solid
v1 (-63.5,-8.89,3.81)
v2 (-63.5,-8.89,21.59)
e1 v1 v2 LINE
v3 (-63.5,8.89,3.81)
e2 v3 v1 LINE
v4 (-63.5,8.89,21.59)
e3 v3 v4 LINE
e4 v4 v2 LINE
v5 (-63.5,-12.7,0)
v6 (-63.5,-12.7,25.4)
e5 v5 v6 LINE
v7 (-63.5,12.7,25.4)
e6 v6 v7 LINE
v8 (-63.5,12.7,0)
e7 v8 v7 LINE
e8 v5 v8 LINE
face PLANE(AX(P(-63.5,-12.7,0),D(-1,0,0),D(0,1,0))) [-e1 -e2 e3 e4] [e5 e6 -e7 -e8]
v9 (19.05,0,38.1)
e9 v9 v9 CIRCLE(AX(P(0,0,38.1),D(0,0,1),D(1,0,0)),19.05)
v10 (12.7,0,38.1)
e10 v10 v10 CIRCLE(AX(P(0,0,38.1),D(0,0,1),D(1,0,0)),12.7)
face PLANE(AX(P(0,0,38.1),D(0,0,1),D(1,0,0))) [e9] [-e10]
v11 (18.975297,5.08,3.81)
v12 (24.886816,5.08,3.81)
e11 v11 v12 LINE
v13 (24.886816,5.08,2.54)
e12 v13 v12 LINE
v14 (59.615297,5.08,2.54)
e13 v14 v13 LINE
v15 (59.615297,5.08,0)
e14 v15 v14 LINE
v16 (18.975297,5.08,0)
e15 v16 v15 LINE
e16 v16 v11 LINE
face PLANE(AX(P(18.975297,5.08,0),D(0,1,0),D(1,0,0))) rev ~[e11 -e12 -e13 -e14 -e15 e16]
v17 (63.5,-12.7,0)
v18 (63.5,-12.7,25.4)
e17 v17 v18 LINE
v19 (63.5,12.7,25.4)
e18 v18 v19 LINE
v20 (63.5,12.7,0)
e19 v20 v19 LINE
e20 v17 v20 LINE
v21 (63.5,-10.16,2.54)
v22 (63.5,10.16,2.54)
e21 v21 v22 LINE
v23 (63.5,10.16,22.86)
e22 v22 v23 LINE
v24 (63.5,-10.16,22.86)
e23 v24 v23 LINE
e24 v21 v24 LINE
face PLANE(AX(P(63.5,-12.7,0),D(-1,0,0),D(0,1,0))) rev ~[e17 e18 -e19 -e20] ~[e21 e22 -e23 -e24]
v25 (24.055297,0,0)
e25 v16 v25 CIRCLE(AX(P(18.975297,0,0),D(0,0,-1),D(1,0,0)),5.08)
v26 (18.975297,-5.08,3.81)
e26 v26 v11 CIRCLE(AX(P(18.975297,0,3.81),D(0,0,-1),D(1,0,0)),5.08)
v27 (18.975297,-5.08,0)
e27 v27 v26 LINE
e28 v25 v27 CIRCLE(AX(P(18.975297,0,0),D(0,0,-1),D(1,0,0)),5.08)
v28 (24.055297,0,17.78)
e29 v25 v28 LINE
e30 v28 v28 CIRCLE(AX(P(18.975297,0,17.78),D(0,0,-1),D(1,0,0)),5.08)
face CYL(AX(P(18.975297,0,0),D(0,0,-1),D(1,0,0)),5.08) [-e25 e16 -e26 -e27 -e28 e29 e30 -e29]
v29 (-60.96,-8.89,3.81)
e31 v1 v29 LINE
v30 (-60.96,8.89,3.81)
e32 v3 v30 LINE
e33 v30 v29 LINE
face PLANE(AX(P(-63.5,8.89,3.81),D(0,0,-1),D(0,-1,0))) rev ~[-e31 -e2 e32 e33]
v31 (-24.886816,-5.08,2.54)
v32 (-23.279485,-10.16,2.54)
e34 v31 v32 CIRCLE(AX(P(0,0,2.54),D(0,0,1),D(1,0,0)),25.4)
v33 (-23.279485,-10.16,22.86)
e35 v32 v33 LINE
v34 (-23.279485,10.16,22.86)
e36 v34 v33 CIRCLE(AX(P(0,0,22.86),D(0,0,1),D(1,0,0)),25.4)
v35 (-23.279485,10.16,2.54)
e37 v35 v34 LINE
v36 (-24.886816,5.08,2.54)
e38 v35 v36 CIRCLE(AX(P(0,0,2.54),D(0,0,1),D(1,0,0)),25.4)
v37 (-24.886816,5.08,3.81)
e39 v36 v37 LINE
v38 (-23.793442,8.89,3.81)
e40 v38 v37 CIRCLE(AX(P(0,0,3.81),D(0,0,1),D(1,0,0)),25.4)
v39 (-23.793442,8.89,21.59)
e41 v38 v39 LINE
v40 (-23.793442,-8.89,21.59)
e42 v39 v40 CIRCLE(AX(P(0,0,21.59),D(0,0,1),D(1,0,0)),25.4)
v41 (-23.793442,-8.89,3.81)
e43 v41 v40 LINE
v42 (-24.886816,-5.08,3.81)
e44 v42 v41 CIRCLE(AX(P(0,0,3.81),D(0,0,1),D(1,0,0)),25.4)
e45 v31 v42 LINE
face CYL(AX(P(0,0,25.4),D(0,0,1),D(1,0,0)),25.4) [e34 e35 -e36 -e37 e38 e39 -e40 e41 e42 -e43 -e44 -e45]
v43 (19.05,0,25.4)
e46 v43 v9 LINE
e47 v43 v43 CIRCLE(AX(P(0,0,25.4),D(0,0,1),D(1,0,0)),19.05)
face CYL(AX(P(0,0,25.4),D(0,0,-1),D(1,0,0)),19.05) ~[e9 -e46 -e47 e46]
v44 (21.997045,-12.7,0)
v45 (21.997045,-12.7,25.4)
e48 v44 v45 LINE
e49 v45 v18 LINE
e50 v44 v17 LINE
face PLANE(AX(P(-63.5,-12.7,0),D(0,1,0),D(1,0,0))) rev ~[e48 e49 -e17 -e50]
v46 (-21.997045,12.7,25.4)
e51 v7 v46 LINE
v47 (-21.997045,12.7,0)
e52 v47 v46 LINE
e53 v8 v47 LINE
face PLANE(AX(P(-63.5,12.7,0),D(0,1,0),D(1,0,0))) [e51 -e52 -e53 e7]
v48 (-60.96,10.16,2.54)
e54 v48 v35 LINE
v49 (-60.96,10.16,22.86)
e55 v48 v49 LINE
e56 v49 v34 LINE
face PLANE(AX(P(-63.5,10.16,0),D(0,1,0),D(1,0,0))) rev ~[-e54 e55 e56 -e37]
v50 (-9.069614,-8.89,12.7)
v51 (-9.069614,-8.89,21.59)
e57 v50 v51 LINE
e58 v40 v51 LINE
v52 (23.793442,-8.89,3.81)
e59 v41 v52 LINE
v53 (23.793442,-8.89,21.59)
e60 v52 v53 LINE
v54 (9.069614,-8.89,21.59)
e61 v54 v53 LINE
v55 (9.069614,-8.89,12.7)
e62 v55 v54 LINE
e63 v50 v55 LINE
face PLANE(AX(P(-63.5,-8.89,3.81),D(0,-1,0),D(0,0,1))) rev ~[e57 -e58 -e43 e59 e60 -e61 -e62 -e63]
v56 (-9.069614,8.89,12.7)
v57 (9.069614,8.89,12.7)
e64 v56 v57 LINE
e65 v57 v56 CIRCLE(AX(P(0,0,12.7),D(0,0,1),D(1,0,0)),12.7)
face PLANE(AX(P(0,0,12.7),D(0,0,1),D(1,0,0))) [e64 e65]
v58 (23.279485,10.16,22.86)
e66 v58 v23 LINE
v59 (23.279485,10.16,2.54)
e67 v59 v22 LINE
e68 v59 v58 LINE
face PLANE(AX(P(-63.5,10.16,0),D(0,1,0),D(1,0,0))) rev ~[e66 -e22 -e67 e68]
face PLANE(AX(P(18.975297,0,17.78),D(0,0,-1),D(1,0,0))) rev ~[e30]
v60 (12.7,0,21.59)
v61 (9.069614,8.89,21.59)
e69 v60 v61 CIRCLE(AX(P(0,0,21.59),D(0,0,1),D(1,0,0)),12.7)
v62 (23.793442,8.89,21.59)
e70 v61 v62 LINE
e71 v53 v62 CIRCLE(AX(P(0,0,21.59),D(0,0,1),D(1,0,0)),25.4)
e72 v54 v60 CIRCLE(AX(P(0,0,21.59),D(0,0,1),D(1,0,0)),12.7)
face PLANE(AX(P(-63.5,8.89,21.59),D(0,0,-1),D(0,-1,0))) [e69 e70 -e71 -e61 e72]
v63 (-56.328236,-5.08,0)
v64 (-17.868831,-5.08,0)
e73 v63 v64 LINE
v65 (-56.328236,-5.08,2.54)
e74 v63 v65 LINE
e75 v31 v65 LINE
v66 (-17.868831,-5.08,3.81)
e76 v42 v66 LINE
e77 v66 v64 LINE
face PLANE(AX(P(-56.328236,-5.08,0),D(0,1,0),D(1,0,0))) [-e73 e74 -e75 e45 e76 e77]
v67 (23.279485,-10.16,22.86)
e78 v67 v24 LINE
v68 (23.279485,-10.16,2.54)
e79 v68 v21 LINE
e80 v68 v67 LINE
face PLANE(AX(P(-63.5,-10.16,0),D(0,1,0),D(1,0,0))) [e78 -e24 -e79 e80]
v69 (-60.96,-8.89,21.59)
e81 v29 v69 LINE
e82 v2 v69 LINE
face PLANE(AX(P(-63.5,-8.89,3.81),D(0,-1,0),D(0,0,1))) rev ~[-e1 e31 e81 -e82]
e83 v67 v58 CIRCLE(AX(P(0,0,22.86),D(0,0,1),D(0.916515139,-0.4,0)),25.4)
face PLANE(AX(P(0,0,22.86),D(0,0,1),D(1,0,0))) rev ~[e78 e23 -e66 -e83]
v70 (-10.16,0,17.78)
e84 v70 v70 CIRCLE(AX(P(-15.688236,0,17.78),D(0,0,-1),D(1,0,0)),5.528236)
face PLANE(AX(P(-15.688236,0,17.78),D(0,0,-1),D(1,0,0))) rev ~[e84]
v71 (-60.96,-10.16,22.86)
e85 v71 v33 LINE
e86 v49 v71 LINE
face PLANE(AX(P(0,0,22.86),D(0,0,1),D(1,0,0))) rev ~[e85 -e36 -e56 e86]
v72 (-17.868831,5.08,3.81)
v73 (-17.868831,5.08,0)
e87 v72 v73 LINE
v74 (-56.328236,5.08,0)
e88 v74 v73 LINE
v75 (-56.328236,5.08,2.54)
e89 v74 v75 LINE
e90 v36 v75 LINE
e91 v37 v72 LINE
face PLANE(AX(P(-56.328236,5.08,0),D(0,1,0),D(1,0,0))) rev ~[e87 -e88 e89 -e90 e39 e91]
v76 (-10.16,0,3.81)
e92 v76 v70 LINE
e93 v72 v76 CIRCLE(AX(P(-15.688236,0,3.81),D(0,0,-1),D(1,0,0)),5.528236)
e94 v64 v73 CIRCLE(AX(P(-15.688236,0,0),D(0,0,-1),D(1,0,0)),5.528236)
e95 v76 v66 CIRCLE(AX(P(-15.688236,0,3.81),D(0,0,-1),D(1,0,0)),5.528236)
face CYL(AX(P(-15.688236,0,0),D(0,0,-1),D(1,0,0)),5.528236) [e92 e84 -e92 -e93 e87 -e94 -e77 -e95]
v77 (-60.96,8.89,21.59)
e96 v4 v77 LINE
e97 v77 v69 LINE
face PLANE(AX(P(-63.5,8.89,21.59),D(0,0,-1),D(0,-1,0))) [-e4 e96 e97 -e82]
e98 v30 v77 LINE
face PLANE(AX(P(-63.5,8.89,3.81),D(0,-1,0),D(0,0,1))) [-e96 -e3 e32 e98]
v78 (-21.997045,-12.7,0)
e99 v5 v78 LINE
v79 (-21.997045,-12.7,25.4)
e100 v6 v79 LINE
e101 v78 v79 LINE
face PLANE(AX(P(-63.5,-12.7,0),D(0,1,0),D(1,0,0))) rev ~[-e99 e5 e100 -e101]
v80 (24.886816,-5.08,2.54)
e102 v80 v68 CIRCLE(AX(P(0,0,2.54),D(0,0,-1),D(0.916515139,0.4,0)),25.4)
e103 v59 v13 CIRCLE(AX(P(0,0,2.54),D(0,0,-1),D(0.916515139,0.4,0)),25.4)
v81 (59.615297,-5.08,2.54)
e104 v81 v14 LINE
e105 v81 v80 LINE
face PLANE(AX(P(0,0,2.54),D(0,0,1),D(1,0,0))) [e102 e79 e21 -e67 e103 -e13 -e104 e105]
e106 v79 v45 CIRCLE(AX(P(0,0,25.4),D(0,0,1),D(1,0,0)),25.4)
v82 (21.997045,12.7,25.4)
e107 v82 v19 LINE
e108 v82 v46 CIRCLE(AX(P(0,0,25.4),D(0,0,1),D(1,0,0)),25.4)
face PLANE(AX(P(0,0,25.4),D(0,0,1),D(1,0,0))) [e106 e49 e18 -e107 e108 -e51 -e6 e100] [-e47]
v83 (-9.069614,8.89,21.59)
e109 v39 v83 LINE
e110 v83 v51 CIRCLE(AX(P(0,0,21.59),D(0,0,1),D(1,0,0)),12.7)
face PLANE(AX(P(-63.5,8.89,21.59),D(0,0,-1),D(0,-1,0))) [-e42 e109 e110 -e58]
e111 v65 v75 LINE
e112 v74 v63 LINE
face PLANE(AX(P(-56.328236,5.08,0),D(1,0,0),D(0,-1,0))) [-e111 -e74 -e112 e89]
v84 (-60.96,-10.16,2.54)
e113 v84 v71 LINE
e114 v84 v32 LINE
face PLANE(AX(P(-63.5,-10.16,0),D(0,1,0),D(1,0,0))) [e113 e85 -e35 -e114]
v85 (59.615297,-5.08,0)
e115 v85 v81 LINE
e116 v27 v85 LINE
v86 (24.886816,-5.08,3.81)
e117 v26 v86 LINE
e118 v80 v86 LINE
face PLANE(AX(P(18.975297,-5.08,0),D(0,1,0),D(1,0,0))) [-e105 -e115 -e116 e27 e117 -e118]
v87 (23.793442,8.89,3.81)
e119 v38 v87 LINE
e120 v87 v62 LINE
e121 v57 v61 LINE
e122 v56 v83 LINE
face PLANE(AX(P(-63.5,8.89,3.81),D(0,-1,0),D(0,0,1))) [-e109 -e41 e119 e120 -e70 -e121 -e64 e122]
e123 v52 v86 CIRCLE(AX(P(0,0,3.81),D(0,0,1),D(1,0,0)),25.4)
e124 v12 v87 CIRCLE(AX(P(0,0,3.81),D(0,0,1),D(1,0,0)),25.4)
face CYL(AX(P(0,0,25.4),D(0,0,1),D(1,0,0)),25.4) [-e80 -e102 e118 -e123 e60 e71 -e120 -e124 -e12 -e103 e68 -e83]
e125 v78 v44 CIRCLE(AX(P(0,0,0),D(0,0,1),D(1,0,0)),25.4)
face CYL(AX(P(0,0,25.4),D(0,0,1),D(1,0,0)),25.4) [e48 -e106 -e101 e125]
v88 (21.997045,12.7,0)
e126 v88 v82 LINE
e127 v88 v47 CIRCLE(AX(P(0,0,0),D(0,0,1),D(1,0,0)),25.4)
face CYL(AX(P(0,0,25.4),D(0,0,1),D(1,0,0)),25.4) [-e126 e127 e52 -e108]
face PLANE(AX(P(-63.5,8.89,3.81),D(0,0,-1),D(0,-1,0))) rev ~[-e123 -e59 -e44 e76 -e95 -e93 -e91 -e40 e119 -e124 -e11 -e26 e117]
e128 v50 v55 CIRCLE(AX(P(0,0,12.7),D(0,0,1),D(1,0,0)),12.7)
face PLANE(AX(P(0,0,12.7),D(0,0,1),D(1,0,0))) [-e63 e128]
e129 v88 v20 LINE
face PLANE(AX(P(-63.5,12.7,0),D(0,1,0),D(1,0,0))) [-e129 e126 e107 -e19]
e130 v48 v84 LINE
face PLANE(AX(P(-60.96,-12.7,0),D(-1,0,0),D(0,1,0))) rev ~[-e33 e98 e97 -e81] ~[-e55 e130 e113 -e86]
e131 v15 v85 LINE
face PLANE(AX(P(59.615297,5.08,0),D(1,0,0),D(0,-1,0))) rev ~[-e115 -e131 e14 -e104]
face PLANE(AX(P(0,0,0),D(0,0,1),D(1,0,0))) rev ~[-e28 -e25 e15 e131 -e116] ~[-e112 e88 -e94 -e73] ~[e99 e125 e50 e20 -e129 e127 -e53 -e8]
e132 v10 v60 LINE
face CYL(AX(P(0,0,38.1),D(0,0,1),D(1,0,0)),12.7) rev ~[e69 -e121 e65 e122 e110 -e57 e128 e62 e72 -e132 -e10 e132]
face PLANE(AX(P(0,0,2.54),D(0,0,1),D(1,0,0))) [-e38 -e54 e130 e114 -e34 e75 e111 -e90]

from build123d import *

# Parameters (mm, degrees)
F0_W      = 127
F0_H      = 25.4
F1_DEPTH  = 25.4
F2_T      = -2.54
F3_R      = 25.4
F4_DEPTH  = 25.4
F5_R      = 19.05
F6_DEPTH  = 12.7
F7_R      = 12.7
F8_DEPTH  = 25.4
F9_W      = 17.78
F9_H      = 17.78
F10_DEPTH = 150.622
F11_W     = 40.64
F11_H     = 10.16
F12_DEPTH = 12.7
F13_R     = 5.528236
F13_R_2   = 5.08
F14_DEPTH = 17.78


with BuildPart() as f1:
    # F0 (on Top) → F1 (new body)
    with BuildSketch(Plane.XY):
        Rectangle(F0_W, F0_H)
    extrude(amount=F1_DEPTH)

    # F2
    f2_openings = [f1.faces().sort_by_distance(p)[0] for p in [
        (63.5, 0, 12.7),
    ]]
    offset(amount=F2_T, openings=f2_openings)

    # F3 (on face) → F4 (join)
    with BuildSketch(Plane.XY.offset(25.4)):
        Circle(F3_R)
    extrude(amount=-F4_DEPTH)

    # F5 (on face) → F6 (join)
    with BuildSketch(Plane.XY.offset(25.4)):
        Circle(F5_R)
    extrude(amount=F6_DEPTH)

    # F7 (on face) → F8 (cut)
    with BuildSketch(Plane.XY.offset(38.1)):
        Circle(F7_R)
    extrude(amount=-F8_DEPTH, mode=Mode.SUBTRACT)

    # F9 (on face) → F10 (cut)
    with BuildSketch(Plane(origin=(-63.5, 0, 0), x_dir=(0, -1, 0), z_dir=(-1, 0, 0))):
        with Locations((0, 12.7)):
            Rectangle(F9_W, F9_H)
    extrude(amount=-F10_DEPTH, mode=Mode.SUBTRACT)

    # F11 (on face) → F12 (cut)
    with BuildSketch(Plane(origin=(0, 0, 0), x_dir=(1, 0, 0), z_dir=(0, 0, -1))):
        with Locations((-36.008236, 0)):
            Rectangle(F11_W, F11_H)
        with Locations((39.295297, 0)):
            Rectangle(F11_W, F11_H)
    extrude(amount=-F12_DEPTH, mode=Mode.SUBTRACT)

    # F13 (on face) → F14 (join)
    with BuildSketch(Plane(origin=(0, 0, 0), x_dir=(1, 0, 0), z_dir=(0, 0, -1))):
        with Locations((-15.688236, 0)):
            Circle(F13_R)
        with Locations((18.975297, 0)):
            Circle(F13_R_2)
    extrude(amount=-F14_DEPTH)


solid = f1.part
